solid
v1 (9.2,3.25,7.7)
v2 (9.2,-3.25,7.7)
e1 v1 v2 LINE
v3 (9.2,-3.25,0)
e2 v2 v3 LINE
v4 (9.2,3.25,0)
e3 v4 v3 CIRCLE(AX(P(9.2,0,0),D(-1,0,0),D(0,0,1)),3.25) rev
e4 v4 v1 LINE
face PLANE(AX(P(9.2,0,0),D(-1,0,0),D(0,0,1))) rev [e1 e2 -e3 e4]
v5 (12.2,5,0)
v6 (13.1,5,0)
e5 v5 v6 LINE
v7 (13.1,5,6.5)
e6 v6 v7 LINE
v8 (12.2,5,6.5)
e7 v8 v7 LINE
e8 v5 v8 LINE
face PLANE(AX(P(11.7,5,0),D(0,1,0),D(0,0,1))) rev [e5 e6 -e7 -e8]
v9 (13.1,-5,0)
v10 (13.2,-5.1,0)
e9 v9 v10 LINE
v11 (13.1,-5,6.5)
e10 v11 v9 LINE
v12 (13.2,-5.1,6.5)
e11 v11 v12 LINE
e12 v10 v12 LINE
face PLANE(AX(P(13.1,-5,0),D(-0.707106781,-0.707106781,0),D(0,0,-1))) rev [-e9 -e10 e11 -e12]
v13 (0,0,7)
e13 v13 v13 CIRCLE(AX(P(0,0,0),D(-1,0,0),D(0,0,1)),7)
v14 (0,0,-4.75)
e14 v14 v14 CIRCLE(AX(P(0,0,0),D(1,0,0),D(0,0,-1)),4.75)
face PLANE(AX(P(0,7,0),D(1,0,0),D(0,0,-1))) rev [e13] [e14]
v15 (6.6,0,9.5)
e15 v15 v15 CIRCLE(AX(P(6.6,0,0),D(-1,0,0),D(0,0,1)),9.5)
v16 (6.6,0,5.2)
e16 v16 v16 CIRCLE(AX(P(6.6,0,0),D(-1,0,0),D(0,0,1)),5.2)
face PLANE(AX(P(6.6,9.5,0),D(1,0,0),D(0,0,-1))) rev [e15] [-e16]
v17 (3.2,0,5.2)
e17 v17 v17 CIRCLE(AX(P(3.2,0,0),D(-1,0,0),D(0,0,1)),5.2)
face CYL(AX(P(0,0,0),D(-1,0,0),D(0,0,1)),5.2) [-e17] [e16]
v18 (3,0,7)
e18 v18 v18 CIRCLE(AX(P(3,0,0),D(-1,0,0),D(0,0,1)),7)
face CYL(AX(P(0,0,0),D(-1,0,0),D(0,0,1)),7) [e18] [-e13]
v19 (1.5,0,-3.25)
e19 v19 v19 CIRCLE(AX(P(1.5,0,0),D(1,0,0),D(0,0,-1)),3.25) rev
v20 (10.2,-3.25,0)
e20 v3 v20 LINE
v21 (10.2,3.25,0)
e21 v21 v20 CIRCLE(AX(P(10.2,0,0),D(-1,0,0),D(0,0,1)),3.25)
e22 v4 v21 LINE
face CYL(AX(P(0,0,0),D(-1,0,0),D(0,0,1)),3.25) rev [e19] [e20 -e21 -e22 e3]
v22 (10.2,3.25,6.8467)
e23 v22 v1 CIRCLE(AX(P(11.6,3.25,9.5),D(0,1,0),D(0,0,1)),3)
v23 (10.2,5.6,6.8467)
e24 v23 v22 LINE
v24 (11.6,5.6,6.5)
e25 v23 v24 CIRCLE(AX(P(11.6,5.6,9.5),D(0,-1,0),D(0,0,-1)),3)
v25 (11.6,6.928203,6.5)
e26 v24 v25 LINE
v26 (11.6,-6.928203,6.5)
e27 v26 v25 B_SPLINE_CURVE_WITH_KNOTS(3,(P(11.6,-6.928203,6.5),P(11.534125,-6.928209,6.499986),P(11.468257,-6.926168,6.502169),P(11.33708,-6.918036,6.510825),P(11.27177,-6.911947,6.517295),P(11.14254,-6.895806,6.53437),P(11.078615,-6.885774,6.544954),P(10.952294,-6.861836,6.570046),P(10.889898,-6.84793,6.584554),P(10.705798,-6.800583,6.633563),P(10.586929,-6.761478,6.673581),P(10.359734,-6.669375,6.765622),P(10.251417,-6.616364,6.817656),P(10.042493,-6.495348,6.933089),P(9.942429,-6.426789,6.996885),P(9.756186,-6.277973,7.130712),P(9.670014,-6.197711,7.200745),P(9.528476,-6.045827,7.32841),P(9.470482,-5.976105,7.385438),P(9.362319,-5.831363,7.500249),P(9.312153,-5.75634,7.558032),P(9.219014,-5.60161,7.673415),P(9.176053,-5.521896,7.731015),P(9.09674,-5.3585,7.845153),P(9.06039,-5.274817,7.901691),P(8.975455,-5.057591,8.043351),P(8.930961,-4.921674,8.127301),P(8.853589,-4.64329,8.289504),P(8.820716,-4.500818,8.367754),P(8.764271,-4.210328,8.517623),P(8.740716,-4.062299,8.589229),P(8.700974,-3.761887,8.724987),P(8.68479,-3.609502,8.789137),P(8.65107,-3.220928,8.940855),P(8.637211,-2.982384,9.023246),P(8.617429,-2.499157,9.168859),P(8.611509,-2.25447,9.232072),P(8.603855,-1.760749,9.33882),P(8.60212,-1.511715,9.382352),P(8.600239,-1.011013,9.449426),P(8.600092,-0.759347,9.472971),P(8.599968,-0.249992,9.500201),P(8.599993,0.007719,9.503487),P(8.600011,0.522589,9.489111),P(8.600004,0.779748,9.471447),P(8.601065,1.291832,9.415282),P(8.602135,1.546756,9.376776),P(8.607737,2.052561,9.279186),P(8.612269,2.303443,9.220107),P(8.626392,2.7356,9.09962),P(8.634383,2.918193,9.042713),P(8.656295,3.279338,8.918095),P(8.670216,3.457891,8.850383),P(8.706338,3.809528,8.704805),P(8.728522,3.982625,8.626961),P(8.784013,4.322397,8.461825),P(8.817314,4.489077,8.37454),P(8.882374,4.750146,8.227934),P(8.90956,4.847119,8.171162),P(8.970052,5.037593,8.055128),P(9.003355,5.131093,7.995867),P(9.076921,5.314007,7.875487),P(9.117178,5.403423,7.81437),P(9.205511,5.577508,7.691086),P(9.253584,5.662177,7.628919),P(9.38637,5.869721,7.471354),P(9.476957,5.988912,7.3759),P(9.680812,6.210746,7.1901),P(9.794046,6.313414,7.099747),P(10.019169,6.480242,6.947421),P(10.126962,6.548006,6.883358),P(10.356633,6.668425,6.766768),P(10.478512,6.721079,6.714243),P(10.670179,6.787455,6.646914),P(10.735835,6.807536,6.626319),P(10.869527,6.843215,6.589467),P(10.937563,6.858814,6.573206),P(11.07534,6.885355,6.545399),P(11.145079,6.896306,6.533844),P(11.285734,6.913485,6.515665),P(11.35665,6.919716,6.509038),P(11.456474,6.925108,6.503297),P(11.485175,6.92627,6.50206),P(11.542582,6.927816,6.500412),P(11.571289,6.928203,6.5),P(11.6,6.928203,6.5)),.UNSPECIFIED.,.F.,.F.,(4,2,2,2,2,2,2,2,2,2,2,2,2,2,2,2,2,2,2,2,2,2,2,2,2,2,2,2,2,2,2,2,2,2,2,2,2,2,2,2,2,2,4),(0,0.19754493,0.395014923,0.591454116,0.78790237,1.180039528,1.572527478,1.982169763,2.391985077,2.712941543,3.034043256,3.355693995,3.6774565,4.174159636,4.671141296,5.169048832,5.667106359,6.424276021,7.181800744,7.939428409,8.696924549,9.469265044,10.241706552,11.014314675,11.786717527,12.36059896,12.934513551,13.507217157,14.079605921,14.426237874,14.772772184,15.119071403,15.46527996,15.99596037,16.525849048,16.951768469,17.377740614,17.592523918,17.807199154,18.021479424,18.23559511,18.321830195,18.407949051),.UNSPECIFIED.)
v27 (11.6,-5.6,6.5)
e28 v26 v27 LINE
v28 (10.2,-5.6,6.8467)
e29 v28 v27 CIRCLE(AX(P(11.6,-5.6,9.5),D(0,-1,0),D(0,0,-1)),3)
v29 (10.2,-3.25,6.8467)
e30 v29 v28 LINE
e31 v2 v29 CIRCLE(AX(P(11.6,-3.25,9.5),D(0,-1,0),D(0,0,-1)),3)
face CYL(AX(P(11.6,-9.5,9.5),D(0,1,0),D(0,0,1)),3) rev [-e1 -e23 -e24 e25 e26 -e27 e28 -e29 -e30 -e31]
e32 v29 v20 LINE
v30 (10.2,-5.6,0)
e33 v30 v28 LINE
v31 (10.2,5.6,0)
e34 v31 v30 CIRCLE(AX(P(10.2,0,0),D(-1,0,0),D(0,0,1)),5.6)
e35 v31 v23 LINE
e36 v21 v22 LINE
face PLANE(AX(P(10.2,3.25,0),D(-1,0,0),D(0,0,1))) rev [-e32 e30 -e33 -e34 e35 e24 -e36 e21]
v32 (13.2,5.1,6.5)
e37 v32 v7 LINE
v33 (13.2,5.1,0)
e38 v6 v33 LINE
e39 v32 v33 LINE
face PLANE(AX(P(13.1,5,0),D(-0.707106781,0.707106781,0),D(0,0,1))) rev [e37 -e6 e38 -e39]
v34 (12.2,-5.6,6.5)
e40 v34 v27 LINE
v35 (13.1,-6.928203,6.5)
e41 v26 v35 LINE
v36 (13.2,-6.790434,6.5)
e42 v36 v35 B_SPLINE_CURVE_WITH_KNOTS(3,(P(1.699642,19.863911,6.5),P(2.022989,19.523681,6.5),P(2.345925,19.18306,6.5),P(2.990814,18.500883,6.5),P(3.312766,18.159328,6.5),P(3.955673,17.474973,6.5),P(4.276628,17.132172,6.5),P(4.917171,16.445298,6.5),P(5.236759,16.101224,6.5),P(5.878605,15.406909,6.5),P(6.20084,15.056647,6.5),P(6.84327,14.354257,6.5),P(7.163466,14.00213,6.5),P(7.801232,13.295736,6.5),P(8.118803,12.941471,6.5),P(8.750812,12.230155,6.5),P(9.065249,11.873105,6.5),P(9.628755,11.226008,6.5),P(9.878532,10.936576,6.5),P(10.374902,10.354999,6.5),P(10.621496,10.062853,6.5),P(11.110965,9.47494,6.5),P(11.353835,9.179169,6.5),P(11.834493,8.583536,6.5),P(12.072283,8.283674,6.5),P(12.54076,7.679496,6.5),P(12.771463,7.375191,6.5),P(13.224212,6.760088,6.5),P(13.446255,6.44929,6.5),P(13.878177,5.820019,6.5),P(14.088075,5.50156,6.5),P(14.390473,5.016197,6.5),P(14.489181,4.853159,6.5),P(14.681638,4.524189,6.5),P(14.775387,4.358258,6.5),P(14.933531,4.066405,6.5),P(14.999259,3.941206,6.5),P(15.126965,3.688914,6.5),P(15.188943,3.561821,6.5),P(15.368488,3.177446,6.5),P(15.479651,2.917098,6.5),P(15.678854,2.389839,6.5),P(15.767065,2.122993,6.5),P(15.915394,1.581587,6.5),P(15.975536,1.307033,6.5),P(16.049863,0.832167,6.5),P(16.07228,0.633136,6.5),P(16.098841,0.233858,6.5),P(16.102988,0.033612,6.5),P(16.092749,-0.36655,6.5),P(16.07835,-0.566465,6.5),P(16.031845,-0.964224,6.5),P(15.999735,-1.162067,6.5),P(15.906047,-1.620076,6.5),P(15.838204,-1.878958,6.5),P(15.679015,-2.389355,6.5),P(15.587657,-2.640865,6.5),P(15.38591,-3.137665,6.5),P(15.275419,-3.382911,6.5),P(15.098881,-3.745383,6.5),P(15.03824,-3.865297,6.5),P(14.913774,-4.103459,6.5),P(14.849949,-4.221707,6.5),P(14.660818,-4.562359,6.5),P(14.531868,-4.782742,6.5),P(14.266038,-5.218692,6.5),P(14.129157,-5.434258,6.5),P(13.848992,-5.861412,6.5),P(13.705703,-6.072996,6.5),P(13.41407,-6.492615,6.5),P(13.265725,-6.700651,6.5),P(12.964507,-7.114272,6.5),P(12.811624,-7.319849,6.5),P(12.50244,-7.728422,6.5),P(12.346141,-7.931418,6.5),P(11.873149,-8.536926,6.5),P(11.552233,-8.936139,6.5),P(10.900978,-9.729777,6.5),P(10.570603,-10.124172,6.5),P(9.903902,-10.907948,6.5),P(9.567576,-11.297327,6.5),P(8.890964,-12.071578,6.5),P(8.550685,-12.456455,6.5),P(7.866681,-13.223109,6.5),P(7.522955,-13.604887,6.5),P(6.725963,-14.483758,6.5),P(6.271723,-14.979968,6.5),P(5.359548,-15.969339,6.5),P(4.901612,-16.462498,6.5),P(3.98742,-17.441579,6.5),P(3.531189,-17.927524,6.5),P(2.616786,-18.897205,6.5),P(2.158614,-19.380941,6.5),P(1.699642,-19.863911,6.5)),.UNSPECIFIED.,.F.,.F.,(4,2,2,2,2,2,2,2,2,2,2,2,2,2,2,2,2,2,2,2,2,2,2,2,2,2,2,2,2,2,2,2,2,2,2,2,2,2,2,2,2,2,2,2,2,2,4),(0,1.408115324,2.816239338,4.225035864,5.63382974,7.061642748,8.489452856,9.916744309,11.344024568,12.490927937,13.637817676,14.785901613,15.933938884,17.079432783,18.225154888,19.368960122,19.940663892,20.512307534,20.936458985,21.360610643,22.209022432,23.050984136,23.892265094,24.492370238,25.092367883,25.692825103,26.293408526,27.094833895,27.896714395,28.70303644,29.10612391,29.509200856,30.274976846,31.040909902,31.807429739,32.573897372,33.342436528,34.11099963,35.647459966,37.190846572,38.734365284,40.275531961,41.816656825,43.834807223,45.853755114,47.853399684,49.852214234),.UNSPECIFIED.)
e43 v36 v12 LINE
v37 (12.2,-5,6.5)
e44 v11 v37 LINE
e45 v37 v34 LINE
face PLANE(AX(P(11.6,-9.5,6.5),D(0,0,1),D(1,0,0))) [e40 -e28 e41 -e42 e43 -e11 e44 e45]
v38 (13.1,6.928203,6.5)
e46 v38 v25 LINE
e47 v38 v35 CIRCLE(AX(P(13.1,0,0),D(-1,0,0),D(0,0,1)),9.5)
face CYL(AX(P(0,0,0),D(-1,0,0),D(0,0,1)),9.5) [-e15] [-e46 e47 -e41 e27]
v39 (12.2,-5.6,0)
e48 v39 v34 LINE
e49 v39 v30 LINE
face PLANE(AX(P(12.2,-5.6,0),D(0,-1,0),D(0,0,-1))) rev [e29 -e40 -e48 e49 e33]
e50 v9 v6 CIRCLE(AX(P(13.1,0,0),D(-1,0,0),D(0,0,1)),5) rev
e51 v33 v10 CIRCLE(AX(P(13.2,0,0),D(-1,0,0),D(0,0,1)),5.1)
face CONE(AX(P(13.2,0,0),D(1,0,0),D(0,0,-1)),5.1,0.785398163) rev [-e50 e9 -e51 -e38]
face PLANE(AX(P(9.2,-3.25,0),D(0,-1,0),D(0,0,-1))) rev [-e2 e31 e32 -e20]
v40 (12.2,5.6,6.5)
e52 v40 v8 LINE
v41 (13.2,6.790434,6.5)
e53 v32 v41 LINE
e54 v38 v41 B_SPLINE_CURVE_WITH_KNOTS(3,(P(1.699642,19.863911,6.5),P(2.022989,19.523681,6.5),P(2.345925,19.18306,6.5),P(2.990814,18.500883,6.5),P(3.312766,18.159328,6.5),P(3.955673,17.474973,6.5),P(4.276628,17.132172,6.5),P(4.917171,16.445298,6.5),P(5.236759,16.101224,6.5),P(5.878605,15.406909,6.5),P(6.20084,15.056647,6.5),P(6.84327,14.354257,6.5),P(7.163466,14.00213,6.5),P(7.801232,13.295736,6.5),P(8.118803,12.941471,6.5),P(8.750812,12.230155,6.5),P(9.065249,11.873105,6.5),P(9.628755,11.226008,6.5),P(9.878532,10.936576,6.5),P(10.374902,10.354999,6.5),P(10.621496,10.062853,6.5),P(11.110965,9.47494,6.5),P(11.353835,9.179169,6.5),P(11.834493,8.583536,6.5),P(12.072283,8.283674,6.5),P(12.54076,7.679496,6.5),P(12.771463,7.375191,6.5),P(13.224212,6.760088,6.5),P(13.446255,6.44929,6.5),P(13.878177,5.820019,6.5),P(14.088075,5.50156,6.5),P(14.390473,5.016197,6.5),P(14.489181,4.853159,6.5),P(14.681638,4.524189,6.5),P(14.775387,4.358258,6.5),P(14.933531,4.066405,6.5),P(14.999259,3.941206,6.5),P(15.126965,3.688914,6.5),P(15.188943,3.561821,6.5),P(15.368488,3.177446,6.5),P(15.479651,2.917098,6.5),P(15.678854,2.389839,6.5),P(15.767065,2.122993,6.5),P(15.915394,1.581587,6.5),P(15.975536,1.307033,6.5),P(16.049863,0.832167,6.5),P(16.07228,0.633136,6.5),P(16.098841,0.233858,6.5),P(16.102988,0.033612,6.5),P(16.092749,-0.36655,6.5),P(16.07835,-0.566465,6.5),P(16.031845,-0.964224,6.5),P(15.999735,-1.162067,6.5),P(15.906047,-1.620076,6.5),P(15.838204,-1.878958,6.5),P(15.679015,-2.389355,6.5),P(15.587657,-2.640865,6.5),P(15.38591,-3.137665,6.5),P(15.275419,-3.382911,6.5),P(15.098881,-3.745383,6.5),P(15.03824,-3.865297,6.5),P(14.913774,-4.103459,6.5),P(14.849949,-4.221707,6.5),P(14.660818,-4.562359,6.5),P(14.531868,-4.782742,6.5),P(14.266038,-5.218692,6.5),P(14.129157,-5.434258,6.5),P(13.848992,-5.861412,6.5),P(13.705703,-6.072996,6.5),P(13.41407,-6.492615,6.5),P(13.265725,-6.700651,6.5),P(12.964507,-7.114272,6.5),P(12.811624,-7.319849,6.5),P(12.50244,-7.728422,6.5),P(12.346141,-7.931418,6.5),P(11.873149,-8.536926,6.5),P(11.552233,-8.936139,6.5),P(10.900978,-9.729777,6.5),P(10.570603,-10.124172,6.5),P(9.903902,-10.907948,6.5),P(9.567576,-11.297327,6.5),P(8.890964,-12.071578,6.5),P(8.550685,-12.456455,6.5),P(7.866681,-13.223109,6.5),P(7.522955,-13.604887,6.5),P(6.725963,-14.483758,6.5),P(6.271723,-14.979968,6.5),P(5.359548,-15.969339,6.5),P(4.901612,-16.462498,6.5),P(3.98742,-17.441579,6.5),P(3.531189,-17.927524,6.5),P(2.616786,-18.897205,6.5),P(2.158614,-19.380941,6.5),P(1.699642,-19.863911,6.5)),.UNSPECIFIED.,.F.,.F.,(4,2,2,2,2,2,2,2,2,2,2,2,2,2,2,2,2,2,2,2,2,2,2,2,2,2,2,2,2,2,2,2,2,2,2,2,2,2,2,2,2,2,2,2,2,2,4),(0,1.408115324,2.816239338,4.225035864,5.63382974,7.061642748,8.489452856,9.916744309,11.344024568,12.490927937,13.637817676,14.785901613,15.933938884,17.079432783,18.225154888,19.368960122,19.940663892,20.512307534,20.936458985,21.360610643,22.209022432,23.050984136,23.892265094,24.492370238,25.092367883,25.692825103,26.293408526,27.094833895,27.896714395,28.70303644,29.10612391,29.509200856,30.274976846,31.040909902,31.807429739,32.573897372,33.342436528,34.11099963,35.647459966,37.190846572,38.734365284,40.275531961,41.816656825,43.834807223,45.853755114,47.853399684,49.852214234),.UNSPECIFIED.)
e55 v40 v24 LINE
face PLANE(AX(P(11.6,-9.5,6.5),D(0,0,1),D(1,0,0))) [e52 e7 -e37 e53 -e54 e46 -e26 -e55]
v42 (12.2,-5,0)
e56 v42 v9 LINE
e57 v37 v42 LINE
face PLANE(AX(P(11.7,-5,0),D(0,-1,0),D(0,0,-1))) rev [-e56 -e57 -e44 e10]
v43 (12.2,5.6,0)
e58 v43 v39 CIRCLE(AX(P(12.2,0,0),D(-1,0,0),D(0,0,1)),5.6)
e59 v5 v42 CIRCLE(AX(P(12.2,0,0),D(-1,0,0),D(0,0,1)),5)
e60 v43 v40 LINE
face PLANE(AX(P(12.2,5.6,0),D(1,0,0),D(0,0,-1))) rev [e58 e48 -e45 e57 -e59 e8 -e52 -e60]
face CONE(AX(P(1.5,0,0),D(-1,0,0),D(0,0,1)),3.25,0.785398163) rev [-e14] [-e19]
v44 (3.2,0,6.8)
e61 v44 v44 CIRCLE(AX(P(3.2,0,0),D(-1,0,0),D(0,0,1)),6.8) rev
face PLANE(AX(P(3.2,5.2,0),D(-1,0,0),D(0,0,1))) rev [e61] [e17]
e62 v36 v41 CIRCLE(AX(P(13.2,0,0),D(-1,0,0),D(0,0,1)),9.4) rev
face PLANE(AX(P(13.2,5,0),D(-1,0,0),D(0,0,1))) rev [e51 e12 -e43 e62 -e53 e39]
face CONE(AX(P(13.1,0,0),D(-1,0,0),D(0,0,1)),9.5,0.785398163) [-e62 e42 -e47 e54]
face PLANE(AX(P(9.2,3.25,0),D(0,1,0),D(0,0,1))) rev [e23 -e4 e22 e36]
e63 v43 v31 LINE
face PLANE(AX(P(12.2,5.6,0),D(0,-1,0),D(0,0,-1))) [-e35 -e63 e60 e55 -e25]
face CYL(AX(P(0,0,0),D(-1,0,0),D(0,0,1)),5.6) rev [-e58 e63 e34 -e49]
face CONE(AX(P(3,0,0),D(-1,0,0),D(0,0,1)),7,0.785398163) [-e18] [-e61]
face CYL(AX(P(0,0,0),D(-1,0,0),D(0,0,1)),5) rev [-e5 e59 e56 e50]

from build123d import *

# Parameters (mm, degrees)
ESBO_O5_W                  = 9.579663193
ESBO_O5_H                  = 10
CORTE_EXTRUS_O3_DEPTH      = 1.5
CORTE_EXTRUS_O4_START      = 2
CORTE_EXTRUS_O4_DEPTH      = 2
ESBO_O8_W                  = 9.704276698
ESBO_O8_H                  = 6.5
CORTE_EXTRUS_O5_DEPTH      = 1
CHANFRO2_SIZE              = 0.2
CHANFRO3_SIZE              = 0.1
CHANFRO4_SIZE              = 0.1
CHANFRO5_SIZE              = 1.5
CORTE_EXTRUS_O6_DEPTH      = 19.834542734
CORTE_EXTRUS_O6_DEPTH_BACK = 19.834542734


with BuildPart() as part:
    # Esboço1 → Revolução1 (revolve)
    with BuildSketch(Plane.XY, mode=Mode.PRIVATE) as revolu_o1_sk:
        Polygon((0, 3.25), (10.2, 3.25), (10.2, 5.6), (12.2, 5.6), (12.2, 5), (13.2, 5), (13.2, 9.5), (6.6, 9.5), (6.6, 5.2), (3.2, 5.2), (3.2, 7), (0, 7), align=None)
    revolve(revolu_o1_sk.sketch.rotate(Axis((0, 0, 0), (1, 0, 0)), 90), axis=Axis((0, 0, 0), (1, 0, 0)))

    # Esboço5 → Corte-extrusão3 (cut)
    with BuildSketch(Plane(origin=(13.2, 0, 0), x_dir=(0, 0, -1), z_dir=(1, 0, 0))):
        with Locations((-4.789831597, 0)):
            Rectangle(ESBO_O5_W, ESBO_O5_H)
    extrude(amount=-CORTE_EXTRUS_O3_DEPTH, mode=Mode.SUBTRACT)

    # Esboço7 → Corte-extrusão4 (cut)
    with BuildSketch(Plane(origin=(10.2, 0, 0), x_dir=(0, 0, -1), z_dir=(1, 0, 0)).offset(CORTE_EXTRUS_O4_START)):
        with BuildLine():
            Line((-9.610816569, -5.6), (0, -5.6))
            ThreePointArc((0, -5.6), (-5.6, 0), (0, 5.6))
            Line((0, 5.6), (-9.610816569, 5.6))
            Line((-9.610816569, 5.6), (-9.610816569, -5.6))
        make_face()
    extrude(amount=-CORTE_EXTRUS_O4_DEPTH, mode=Mode.SUBTRACT)

    # Esboço8 → Corte-extrusão5 (cut)
    with BuildSketch(Plane(origin=(10.2, 0, 0), x_dir=(0, 0, -1), z_dir=(1, 0, 0))):
        with Locations((-4.852138349, 0)):
            Rectangle(ESBO_O8_W, ESBO_O8_H)
    extrude(amount=-CORTE_EXTRUS_O5_DEPTH, mode=Mode.SUBTRACT)

    # Chanfro2
    chanfro2_edges = [part.edges().sort_by_distance(p)[0] for p in [
        (3.2, 0, -7),
    ]]
    chamfer(chanfro2_edges, length=CHANFRO2_SIZE)

    # Chanfro3
    chanfro3_edges = [part.edges().sort_by_distance(p)[0] for p in [
        (13.2, 0, -9.5),
    ]]
    chamfer(chanfro3_edges, length=CHANFRO3_SIZE)

    # Chanfro4
    chanfro4_edges = [part.edges().sort_by_distance(p)[0] for p in [
        (13.2, 5, 3.979949748),
        (13.2, -5, 3.979949748),
        (13.2, 0, -5),
    ]]
    chamfer(chanfro4_edges, length=CHANFRO4_SIZE)

    # Chanfro5
    chanfro5_edges = [part.edges().sort_by_distance(p)[0] for p in [
        (0, 0, -3.25),
    ]]
    chamfer(chanfro5_edges, length=CHANFRO5_SIZE)

    # Esboço9 → Corte-extrusão6 (cut, two sides: drawn at the far end of the back side and taken through both)
    with BuildSketch(Plane(origin=(0, 0, 0), x_dir=(1, 0, 0), z_dir=(0, 1, 0)).offset(-CORTE_EXTRUS_O6_DEPTH_BACK)):
        with BuildLine():
            Line((11.6, -6.5), (13.2, -6.5))
            Line((13.2, -6.5), (13.2, -12.5))
            Line((13.2, -12.5), (11.6, -12.5))
            ThreePointArc((11.6, -12.5), (8.6, -9.5), (11.6, -6.5))
        make_face()
    extrude(amount=CORTE_EXTRUS_O6_DEPTH + CORTE_EXTRUS_O6_DEPTH_BACK, mode=Mode.SUBTRACT)


solid = part.part
